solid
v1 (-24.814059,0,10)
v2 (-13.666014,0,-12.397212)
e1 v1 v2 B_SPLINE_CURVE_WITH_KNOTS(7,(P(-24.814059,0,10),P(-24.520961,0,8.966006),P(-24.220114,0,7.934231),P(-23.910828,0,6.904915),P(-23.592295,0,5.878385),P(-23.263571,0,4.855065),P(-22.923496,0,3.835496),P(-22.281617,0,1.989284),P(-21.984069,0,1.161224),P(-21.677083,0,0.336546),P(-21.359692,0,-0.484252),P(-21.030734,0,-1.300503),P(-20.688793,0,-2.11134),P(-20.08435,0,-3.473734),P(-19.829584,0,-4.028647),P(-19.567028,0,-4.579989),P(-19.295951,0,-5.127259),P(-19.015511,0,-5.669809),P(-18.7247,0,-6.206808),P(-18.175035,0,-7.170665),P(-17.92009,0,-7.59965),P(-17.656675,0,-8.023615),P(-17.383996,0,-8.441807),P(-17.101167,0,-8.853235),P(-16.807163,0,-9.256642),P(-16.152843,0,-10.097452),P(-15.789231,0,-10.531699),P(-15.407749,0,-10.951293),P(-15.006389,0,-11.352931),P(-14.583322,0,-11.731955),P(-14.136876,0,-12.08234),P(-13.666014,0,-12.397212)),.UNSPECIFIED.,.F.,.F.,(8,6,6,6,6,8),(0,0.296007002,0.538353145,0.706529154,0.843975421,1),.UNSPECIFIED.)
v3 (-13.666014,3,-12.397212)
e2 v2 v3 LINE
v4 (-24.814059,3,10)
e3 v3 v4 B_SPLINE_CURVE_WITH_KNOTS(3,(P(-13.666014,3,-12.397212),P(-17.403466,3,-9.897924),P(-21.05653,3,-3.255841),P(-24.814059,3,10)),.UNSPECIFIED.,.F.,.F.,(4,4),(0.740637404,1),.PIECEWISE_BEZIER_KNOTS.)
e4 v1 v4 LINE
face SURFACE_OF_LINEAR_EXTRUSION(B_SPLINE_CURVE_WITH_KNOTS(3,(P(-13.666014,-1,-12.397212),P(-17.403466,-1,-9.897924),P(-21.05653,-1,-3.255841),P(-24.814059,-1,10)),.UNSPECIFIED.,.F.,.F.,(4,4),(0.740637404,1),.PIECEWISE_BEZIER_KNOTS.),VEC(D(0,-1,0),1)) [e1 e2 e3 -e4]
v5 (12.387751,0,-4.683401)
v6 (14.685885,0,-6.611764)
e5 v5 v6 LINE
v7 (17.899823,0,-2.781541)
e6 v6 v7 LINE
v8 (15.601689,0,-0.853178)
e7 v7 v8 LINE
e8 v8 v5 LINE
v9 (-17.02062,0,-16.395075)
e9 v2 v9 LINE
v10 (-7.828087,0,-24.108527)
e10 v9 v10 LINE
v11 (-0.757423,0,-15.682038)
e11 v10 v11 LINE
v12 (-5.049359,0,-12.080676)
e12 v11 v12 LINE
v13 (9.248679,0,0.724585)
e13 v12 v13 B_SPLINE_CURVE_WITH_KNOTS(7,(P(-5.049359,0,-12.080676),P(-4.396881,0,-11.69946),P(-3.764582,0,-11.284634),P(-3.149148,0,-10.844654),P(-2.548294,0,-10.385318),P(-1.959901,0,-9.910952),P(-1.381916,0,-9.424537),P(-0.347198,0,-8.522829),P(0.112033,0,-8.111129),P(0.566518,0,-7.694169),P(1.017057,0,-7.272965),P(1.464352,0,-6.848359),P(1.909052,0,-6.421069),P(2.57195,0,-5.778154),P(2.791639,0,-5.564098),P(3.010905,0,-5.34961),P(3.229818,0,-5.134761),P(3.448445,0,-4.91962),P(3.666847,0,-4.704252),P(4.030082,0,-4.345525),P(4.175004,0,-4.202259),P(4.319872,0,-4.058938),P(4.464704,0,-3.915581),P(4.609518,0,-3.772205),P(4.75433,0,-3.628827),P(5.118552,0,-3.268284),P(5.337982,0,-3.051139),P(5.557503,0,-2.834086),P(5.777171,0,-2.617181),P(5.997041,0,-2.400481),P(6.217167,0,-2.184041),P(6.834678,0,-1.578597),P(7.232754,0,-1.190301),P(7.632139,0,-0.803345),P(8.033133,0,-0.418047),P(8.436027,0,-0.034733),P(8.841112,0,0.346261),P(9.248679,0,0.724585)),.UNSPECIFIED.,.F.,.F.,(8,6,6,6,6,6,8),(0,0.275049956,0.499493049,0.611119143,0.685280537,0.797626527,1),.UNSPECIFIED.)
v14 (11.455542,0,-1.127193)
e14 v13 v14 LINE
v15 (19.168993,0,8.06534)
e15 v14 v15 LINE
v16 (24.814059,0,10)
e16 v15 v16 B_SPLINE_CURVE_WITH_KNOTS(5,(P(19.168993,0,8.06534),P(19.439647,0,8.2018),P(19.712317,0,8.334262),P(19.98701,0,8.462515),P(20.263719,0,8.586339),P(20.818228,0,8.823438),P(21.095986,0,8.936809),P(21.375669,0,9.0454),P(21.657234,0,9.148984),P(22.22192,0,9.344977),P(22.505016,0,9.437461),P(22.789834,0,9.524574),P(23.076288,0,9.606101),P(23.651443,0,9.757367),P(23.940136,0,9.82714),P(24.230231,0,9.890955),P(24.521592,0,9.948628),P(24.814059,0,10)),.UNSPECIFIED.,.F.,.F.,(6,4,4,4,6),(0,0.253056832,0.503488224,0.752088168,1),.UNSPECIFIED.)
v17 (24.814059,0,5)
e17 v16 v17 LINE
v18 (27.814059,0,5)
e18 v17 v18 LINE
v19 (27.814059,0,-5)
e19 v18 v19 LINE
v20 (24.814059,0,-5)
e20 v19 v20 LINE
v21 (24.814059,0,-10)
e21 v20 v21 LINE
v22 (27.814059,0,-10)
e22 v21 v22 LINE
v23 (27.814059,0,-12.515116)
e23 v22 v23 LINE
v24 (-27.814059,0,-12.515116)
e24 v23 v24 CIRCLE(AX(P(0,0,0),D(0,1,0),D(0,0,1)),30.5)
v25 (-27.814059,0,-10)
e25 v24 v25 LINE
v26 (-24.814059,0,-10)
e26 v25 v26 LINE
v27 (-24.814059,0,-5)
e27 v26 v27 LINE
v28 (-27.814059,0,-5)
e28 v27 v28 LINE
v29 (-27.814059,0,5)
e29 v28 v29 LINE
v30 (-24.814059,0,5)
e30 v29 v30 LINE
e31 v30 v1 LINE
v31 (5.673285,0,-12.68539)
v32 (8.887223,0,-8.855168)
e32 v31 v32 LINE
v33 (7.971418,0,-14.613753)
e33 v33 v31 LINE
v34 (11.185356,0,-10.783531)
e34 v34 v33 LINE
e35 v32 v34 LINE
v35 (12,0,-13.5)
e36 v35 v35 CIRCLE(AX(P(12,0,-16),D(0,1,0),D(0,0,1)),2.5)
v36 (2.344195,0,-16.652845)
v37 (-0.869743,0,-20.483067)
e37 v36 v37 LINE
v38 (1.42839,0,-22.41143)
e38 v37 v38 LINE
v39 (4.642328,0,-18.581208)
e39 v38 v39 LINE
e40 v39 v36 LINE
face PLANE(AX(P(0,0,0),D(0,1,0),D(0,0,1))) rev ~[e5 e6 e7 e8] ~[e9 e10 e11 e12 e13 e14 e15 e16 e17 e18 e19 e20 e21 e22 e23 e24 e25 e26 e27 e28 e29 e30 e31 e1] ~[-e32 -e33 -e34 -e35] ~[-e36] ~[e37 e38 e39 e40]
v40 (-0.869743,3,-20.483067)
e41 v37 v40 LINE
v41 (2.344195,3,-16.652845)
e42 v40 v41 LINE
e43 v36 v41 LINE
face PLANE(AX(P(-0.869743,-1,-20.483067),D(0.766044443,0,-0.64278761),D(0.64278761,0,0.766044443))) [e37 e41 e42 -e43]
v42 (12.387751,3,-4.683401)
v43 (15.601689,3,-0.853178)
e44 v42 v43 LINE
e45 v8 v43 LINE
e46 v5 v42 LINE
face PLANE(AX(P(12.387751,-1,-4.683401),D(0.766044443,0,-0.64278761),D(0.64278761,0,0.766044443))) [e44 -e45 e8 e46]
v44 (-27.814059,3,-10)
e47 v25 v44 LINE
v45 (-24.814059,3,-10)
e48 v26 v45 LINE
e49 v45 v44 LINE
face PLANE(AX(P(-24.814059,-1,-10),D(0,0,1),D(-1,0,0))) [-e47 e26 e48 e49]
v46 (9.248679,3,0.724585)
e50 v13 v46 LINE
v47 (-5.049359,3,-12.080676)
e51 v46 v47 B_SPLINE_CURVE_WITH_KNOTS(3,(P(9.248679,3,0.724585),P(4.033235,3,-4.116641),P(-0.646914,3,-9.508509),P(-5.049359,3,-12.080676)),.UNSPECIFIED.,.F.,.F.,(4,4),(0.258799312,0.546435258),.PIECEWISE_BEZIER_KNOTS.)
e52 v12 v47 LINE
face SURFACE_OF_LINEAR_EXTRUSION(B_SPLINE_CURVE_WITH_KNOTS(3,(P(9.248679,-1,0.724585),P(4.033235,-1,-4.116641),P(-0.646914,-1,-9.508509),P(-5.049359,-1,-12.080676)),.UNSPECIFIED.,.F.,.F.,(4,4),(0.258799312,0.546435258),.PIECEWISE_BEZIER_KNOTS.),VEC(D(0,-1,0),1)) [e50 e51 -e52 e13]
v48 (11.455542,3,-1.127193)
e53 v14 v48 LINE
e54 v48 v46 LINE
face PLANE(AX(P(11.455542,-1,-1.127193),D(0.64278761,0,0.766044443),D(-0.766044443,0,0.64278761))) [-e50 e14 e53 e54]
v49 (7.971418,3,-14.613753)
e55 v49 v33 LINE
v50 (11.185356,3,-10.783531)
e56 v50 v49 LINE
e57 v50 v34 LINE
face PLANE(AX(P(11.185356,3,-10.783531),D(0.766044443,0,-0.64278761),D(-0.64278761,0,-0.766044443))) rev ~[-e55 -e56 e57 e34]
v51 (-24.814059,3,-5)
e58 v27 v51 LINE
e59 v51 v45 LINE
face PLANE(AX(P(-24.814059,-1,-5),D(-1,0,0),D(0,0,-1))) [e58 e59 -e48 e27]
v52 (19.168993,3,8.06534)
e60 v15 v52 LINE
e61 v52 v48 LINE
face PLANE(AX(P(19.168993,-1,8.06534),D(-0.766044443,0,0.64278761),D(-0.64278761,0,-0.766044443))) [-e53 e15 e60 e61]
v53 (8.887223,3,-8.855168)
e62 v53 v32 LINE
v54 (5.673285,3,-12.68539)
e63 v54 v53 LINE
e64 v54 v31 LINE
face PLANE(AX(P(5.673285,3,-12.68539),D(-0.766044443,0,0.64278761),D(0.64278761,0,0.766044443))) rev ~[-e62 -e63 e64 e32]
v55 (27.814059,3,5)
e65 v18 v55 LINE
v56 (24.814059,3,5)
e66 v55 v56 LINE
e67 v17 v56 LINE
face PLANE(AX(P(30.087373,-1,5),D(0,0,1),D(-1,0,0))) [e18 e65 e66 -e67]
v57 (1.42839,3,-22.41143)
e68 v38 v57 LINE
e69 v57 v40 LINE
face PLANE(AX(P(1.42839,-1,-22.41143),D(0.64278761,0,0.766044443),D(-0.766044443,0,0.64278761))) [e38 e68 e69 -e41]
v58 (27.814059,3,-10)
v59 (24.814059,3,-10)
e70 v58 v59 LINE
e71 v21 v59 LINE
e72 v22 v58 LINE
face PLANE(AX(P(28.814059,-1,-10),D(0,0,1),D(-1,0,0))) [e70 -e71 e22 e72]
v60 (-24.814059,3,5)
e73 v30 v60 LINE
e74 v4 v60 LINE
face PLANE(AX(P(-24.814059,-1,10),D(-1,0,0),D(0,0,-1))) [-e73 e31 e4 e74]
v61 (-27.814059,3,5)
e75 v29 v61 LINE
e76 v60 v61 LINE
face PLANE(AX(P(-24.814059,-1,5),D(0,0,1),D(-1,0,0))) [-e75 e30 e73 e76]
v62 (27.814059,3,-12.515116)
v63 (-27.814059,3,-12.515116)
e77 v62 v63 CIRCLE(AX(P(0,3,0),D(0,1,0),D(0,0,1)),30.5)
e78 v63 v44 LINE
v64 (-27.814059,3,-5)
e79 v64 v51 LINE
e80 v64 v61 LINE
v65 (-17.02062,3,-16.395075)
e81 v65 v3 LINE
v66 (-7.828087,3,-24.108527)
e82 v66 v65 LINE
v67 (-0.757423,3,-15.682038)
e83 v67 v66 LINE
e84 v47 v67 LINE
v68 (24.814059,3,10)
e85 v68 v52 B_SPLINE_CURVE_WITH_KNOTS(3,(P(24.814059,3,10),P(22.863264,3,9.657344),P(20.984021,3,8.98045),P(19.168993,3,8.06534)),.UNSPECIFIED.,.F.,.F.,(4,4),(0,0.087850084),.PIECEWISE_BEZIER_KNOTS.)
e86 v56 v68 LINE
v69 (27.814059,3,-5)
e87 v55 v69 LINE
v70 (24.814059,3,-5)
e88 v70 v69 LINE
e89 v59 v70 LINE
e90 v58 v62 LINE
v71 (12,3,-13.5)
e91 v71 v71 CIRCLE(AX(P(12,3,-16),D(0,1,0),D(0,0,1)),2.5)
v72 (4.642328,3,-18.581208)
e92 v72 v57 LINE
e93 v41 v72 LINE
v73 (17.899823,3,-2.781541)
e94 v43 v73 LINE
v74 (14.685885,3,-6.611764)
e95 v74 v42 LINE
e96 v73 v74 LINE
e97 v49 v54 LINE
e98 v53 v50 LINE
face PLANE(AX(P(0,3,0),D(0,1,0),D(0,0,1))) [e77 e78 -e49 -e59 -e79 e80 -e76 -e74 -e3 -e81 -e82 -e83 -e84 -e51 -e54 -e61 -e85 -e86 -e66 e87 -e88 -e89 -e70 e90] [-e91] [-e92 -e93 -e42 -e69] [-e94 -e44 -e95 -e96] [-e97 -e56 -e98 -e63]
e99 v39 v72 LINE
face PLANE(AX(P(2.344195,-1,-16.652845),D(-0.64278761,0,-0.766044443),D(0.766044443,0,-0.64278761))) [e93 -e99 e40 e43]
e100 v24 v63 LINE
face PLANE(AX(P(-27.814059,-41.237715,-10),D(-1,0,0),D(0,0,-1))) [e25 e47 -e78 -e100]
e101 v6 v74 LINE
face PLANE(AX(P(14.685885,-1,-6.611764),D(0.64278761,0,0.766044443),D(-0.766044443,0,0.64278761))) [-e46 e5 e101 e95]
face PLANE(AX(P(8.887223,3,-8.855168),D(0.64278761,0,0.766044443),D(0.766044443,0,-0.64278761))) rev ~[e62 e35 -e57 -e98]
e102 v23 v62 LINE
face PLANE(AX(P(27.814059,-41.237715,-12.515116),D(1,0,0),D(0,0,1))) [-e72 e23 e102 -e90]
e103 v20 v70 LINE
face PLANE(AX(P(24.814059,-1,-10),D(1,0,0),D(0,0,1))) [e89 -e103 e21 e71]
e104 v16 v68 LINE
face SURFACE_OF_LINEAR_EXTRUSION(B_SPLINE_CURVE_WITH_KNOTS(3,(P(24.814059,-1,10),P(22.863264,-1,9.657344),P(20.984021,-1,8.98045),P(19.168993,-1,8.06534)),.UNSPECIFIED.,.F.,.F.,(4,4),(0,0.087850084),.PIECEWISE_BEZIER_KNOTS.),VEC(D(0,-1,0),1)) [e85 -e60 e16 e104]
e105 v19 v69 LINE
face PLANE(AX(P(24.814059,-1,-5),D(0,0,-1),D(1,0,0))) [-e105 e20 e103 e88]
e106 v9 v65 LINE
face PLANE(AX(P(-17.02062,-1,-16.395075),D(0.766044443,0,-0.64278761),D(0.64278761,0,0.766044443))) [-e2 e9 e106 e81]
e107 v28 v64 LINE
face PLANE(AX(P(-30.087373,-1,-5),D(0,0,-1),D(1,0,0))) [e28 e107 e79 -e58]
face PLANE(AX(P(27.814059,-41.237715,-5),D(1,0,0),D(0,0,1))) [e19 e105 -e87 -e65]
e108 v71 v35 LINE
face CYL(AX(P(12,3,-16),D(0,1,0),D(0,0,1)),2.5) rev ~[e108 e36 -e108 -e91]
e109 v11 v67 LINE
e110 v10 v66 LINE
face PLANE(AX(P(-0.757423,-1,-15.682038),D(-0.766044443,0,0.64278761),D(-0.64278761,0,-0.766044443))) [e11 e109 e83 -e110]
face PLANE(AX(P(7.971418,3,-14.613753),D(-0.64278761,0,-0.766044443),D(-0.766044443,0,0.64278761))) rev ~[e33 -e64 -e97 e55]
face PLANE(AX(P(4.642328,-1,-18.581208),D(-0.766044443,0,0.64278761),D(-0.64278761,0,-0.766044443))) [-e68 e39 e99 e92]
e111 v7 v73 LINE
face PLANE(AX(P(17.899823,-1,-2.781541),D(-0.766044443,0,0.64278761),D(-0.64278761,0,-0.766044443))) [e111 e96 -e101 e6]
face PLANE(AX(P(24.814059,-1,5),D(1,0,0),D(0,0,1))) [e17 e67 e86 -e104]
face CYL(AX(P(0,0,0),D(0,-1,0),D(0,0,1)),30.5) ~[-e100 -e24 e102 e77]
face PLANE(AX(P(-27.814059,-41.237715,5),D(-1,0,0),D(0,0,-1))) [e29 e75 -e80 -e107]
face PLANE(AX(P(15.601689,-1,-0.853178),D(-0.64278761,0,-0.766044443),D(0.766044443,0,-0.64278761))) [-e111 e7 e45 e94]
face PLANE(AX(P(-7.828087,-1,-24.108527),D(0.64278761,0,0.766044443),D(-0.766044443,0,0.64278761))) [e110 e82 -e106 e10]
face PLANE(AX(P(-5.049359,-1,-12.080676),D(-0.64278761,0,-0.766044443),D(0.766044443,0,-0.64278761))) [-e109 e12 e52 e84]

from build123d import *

# Parameters (mm, degrees)
CROQUIS1_R                 = 30.5
SALIENTE_EXTRUIR1_DEPTH    = 3
CROQUIS2_R                 = 2
CORTAR_EXTRUIR1_DEPTH      = 4
CORTAR_EXTRUIR3_START      = -4
CORTAR_EXTRUIR3_DEPTH      = 4
CORTAR_EXTRUIR5_START      = -4
CORTAR_EXTRUIR5_DEPTH      = 4
CORTAR_EXTRUIR6_DEPTH      = 10
CROQUIS10_R                = 2.5
CORTAR_EXTRUIR7_DEPTH      = 3
CORTAR_EXTRUIR8_DEPTH      = 44.237715166
CORTAR_EXTRUIR8_DEPTH_BACK = 44.237715166


with BuildPart() as part:
    # Croquis1 → Saliente-Extruir1 (new body)
    with BuildSketch(Plane(origin=(0, 0, 0), x_dir=(1, 0, 0), z_dir=(0, 1, 0))):
        with Locations(Location((0, 0, 0), (0, 0, 270))):
            Circle(CROQUIS1_R)
    extrude(amount=SALIENTE_EXTRUIR1_DEPTH)

    # Croquis2 → Cortar-Extruir1 (cut)
    with BuildSketch(Plane(origin=(0, 3, 0), x_dir=(1, 0, 0), z_dir=(0, 1, 0))):
        with Locations(Location((0, 0, 0), (0, 0, 270))):
            Circle(CROQUIS2_R)
    extrude(amount=-CORTAR_EXTRUIR1_DEPTH, mode=Mode.SUBTRACT)

    # Croquis5 → Cortar-Extruir3 (cut)
    with BuildSketch(Plane(origin=(0, 3, 0), x_dir=(1, 0, 0), z_dir=(0, 1, 0)).offset(CORTAR_EXTRUIR3_START)):
        with BuildLine():
            Line((28.814059068, 5), (30.087372767, 5))
            ThreePointArc((30.087372767, 5), (29.556634924, 7.526973624), (28.814059068, 10))
            Line((28.814059068, 10), (24.814059068, 10))
            Line((24.814059068, 10), (24.814059068, 5))
            Line((24.814059068, 5), (28.814059068, 5))
        make_face()
        with BuildLine():
            Line((30.087372767, -5), (28.814059068, -5))
            Line((28.814059068, -5), (24.814059068, -5))
            Line((24.814059068, -5), (24.814059068, -10))
            Line((24.814059068, -10), (28.814059068, -10))
            ThreePointArc((28.814059068, -10), (29.556634924, -7.526973624), (30.087372767, -5))
        make_face()
        with BuildLine():
            Line((-24.814059068, 5), (-24.814059068, 10))
            Line((-24.814059068, 10), (-28.814059068, 10))
            ThreePointArc((-28.814059068, 10), (-29.556634924, 7.526973624), (-30.087372767, 5))
            Line((-30.087372767, 5), (-28.814059068, 5))
            Line((-28.814059068, 5), (-24.814059068, 5))
        make_face()
        with BuildLine():
            Line((-28.814059068, -10), (-24.814059068, -10))
            Line((-24.814059068, -10), (-24.814059068, -5))
            Line((-24.814059068, -5), (-28.814059068, -5))
            Line((-28.814059068, -5), (-30.087372767, -5))
            ThreePointArc((-30.087372767, -5), (-29.556634924, -7.526973624), (-28.814059068, -10))
        make_face()
    extrude(amount=CORTAR_EXTRUIR3_DEPTH, mode=Mode.SUBTRACT)

    # Croquis7 → Cortar-Extruir5 (cut)
    with BuildSketch(Plane(origin=(0, 3, 0), x_dir=(1, 0, 0), z_dir=(0, 1, 0)).offset(CORTAR_EXTRUIR5_START)):
        Polygon((1.428390211, 22.411430151), (-0.869743118, 20.483067322), (2.34419493, 16.652845106), (4.642328259, 18.581207935), align=None)
        with BuildLine():
            Line((-24.814059068, -10), (-28.814059068, -10))
            ThreePointArc((-28.814059068, -10), (0, -30.5), (28.814059068, -10))
            Line((28.814059068, -10), (24.814059068, -10))
            add(Edge.make_bspline(
                [(24.814059068, -10), (22.863263717, -9.657344338), (20.984021298, -8.980450277), (19.168992989, -8.065339906)],
                knots=[0, 0, 0, 0, 0.087850084, 0.087850084, 0.087850084, 0.087850084], degree=3))
            Line((19.168992989, -8.065339906), (11.455541673, 1.127193412))
            Line((11.455541673, 1.127193412), (9.248678515, -0.72458465))
            add(Edge.make_bspline(
                [(9.248678515, -0.72458465), (4.033234859, 4.116641048), (-0.646914404, 9.508508747), (-5.04935939, 12.080675515)],
                knots=[0.258799312, 0.258799312, 0.258799312, 0.258799312, 0.546435258, 0.546435258, 0.546435258, 0.546435258], degree=3))
            Line((-5.04935939, 12.080675515), (-0.757422911, 15.682037831))
            Line((-0.757422911, 15.682037831), (-7.828086618, 24.108526705))
            Line((-7.828086618, 24.108526705), (-17.020619935, 16.395075389))
            Line((-17.020619935, 16.395075389), (-13.66601447, 12.397212273))
            add(Edge.make_bspline(
                [(-13.66601447, 12.397212273), (-17.403465693, 9.897923685), (-21.056529869, 3.255841362), (-24.814059068, -10)],
                knots=[0.740637404, 0.740637404, 0.740637404, 0.740637404, 1, 1, 1, 1], degree=3))
        make_face()
        Polygon((14.685884661, 6.611763511), (12.387751331, 4.683400682), (15.60168938, 0.853178467), (17.899822709, 2.781541296), align=None)
    extrude(amount=CORTAR_EXTRUIR5_DEPTH, mode=Mode.SUBTRACT)

    # Croquis9 → Cortar-Extruir6 (cut)
    with BuildSketch(Plane(origin=(0, 3, 0), x_dir=(1, 0, 0), z_dir=(0, 1, 0))):
        Polygon((7.971418181, 14.613753061), (5.673284852, 12.685390231), (8.887222901, 8.855168016), (11.18535623, 10.783530845), align=None)
    extrude(amount=-CORTAR_EXTRUIR6_DEPTH, mode=Mode.SUBTRACT)

    # Croquis10 → Cortar-Extruir7 (cut)
    with BuildSketch(Plane(origin=(0, 3, 0), x_dir=(1, 0, 0), z_dir=(0, 1, 0))):
        with Locations(Location((12, 16, 0), (0, 0, 270))):
            Circle(CROQUIS10_R)
    extrude(amount=-CORTAR_EXTRUIR7_DEPTH, mode=Mode.SUBTRACT)

    # Croquis11 → Cortar-Extruir8 (cut, two sides: drawn at the far end of the back side and taken through both)
    with BuildSketch(Plane(origin=(0, 3, 0), x_dir=(1, 0, 0), z_dir=(0, 1, 0)).offset(-CORTAR_EXTRUIR8_DEPTH_BACK)):
        with BuildLine():
            Line((30.087372767, 5), (27.814059068, 5))
            Line((27.814059068, 5), (27.814059068, -5))
            Line((27.814059068, -5), (30.087372767, -5))
            ThreePointArc((30.087372767, -5), (30.5, 0), (30.087372767, 5))
        make_face()
        with BuildLine():
            ThreePointArc((28.814059068, 10), (28.341972277, 11.268655974), (27.814059068, 12.515115586))
            Line((27.814059068, 12.515115586), (27.814059068, 10))
            Line((27.814059068, 10), (28.814059068, 10))
        make_face()
        with BuildLine():
            Line((-27.814059068, -5), (-27.814059068, 5))
            Line((-27.814059068, 5), (-30.087372767, 5))
            ThreePointArc((-30.087372767, 5), (-30.5, 0), (-30.087372767, -5))
            Line((-30.087372767, -5), (-27.814059068, -5))
        make_face()
        with BuildLine():
            Line((-28.814059068, 10), (-27.814059068, 10))
            Line((-27.814059068, 10), (-27.814059068, 12.515115586))
            ThreePointArc((-27.814059068, 12.515115586), (-28.341972277, 11.268655974), (-28.814059068, 10))
        make_face()
    extrude(amount=CORTAR_EXTRUIR8_DEPTH + CORTAR_EXTRUIR8_DEPTH_BACK, mode=Mode.SUBTRACT)


solid = part.part
